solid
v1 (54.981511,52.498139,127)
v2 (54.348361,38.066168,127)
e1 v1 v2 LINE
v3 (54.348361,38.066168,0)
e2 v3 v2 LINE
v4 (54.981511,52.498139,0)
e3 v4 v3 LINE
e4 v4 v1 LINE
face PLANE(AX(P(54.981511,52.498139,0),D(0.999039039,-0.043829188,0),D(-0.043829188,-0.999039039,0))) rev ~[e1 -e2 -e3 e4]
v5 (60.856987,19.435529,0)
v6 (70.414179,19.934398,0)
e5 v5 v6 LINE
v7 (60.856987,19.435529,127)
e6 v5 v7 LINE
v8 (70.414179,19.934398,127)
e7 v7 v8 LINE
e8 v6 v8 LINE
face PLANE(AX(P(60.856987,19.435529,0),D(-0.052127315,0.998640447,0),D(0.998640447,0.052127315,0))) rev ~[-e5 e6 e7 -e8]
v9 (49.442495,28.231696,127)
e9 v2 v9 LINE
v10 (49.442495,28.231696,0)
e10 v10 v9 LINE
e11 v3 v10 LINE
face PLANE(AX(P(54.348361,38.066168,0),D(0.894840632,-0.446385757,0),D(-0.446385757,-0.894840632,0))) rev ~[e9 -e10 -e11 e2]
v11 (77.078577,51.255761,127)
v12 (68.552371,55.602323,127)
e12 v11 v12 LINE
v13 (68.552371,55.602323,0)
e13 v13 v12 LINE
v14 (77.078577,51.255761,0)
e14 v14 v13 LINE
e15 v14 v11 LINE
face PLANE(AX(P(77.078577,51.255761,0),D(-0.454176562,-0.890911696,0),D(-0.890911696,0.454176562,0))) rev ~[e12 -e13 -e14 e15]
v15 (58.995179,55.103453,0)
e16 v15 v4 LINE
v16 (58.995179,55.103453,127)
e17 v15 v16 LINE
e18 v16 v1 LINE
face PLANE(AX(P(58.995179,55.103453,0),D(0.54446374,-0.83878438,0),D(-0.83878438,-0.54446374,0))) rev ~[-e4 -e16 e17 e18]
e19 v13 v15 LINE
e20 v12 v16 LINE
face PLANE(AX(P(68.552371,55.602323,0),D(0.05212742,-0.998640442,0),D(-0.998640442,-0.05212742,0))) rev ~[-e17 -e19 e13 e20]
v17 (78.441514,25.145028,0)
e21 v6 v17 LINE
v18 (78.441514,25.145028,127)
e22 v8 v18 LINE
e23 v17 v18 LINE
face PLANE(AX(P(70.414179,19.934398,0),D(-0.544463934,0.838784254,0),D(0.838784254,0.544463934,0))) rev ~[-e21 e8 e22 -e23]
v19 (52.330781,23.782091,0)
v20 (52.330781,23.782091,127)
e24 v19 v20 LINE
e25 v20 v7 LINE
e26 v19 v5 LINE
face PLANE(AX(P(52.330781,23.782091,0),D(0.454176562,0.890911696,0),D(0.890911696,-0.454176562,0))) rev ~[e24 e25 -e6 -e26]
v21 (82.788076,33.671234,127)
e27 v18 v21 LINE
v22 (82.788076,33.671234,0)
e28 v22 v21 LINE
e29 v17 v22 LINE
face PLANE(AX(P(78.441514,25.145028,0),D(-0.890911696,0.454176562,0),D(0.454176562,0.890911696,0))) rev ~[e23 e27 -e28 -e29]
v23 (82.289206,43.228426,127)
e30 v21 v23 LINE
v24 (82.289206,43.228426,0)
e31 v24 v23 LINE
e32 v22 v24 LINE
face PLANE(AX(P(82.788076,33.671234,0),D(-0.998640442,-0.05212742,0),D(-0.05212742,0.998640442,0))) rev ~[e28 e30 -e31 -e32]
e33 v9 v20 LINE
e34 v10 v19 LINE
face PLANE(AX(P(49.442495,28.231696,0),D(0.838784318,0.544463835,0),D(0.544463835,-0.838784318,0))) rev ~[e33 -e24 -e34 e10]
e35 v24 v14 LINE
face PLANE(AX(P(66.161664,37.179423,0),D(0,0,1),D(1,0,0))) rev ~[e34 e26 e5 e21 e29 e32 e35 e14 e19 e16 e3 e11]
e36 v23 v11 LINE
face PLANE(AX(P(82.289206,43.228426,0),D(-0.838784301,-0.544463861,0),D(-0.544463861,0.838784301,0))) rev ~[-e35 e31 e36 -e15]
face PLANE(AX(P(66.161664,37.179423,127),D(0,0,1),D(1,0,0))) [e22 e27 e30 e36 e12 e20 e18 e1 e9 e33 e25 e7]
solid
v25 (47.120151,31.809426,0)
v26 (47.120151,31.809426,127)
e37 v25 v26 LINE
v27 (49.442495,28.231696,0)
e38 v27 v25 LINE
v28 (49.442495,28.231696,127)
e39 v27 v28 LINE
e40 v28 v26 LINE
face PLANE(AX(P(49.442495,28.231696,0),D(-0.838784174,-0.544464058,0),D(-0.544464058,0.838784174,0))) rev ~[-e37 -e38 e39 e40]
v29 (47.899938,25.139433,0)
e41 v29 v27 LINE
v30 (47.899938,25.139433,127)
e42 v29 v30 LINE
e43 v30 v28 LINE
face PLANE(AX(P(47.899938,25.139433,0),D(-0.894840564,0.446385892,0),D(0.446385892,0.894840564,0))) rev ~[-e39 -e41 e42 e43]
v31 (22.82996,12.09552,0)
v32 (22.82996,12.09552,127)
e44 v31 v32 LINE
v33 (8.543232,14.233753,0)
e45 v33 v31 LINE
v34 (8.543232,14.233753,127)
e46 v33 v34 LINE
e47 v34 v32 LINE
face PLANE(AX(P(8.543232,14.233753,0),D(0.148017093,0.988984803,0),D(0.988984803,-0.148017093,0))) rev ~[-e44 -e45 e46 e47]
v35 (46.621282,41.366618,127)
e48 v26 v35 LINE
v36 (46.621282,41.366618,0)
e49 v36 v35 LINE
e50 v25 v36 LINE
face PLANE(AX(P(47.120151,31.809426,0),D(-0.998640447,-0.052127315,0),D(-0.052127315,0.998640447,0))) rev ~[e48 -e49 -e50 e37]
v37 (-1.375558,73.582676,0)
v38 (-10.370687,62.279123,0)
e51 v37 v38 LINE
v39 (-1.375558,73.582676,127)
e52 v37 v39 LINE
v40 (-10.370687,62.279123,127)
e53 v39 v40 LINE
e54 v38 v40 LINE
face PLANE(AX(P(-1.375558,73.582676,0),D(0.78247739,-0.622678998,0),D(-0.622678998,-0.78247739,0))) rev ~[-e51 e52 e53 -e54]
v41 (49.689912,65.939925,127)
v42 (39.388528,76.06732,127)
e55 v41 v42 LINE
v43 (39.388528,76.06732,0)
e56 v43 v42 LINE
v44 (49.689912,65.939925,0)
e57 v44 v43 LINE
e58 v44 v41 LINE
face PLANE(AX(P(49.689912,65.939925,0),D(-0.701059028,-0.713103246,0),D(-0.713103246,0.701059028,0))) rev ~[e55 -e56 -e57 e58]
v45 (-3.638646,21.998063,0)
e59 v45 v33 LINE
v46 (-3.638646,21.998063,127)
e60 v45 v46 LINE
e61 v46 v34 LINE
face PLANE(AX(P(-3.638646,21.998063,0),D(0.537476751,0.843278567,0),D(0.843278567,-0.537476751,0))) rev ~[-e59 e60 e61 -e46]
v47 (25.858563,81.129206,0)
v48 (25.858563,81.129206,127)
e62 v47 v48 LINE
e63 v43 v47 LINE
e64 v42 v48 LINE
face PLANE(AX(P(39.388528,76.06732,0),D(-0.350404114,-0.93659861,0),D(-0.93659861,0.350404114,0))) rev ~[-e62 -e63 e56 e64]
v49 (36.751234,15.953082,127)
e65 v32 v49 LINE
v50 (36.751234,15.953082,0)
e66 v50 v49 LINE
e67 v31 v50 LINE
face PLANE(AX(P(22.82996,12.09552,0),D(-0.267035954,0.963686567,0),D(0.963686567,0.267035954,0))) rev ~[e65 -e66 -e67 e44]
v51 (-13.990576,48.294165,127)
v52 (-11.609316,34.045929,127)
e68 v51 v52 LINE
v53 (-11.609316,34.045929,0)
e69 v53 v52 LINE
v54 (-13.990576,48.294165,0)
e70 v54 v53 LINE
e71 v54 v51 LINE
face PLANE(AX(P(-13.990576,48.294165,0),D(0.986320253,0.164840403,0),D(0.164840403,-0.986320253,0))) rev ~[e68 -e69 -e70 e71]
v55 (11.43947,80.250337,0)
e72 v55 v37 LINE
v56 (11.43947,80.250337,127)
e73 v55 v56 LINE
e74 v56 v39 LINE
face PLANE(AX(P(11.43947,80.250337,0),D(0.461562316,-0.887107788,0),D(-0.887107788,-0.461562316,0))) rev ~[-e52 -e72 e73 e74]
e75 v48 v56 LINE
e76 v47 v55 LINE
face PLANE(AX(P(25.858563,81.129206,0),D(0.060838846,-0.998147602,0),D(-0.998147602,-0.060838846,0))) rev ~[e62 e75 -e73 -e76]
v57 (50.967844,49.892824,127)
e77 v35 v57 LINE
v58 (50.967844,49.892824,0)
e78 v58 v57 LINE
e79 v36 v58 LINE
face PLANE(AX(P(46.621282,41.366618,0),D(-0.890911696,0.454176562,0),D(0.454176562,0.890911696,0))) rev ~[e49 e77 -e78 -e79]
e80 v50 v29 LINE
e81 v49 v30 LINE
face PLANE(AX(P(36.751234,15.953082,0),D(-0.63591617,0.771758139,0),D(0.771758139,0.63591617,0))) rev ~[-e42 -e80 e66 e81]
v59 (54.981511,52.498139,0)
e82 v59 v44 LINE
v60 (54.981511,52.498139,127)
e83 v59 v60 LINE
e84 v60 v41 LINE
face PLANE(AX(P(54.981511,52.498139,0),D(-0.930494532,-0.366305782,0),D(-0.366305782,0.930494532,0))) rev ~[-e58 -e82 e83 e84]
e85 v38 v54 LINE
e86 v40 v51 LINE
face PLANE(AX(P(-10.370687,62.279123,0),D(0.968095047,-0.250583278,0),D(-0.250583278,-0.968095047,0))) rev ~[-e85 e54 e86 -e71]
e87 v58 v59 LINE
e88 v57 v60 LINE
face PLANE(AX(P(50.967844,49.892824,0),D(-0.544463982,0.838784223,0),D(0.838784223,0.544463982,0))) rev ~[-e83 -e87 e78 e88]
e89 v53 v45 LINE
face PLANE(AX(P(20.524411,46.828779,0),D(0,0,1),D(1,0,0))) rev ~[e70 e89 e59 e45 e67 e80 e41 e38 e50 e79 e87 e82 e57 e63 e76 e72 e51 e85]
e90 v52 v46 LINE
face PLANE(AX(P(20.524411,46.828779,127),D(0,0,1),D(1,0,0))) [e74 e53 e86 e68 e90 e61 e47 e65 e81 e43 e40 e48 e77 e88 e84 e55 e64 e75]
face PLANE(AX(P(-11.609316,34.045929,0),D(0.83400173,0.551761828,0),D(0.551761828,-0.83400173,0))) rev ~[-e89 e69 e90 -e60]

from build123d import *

# Parameters (mm, degrees)
F1_DEPTH = 127


with BuildPart() as f1:
    # F0 (on Top) → F1 (new body)
    with BuildSketch(Plane.XY):
        Polygon((36.751234, 15.953082), (47.899938, 25.139433), (49.442495, 28.231696), (47.120151, 31.809426), (46.621282, 41.366618), (50.967844, 49.892824), (54.981511, 52.498139), (49.689912, 65.939925), (39.388528, 76.06732), (25.858563, 81.129206), (11.43947, 80.250337), (-1.375558, 73.582676), (-10.370687, 62.279123), (-13.990576, 48.294165), (-11.609316, 34.045929), (-3.638646, 21.998063), (8.543232, 14.233753), (22.82996, 12.09552), align=None)
        Polygon((54.348361, 38.066168), (49.442495, 28.231696), (52.330781, 23.782091), (60.856987, 19.435529), (70.414179, 19.934398), (78.441514, 25.145028), (82.788076, 33.671234), (82.289206, 43.228426), (77.078577, 51.255761), (68.552371, 55.602323), (58.995179, 55.103453), (54.981511, 52.498139), align=None)
    extrude(amount=F1_DEPTH)


solid = f1.part
